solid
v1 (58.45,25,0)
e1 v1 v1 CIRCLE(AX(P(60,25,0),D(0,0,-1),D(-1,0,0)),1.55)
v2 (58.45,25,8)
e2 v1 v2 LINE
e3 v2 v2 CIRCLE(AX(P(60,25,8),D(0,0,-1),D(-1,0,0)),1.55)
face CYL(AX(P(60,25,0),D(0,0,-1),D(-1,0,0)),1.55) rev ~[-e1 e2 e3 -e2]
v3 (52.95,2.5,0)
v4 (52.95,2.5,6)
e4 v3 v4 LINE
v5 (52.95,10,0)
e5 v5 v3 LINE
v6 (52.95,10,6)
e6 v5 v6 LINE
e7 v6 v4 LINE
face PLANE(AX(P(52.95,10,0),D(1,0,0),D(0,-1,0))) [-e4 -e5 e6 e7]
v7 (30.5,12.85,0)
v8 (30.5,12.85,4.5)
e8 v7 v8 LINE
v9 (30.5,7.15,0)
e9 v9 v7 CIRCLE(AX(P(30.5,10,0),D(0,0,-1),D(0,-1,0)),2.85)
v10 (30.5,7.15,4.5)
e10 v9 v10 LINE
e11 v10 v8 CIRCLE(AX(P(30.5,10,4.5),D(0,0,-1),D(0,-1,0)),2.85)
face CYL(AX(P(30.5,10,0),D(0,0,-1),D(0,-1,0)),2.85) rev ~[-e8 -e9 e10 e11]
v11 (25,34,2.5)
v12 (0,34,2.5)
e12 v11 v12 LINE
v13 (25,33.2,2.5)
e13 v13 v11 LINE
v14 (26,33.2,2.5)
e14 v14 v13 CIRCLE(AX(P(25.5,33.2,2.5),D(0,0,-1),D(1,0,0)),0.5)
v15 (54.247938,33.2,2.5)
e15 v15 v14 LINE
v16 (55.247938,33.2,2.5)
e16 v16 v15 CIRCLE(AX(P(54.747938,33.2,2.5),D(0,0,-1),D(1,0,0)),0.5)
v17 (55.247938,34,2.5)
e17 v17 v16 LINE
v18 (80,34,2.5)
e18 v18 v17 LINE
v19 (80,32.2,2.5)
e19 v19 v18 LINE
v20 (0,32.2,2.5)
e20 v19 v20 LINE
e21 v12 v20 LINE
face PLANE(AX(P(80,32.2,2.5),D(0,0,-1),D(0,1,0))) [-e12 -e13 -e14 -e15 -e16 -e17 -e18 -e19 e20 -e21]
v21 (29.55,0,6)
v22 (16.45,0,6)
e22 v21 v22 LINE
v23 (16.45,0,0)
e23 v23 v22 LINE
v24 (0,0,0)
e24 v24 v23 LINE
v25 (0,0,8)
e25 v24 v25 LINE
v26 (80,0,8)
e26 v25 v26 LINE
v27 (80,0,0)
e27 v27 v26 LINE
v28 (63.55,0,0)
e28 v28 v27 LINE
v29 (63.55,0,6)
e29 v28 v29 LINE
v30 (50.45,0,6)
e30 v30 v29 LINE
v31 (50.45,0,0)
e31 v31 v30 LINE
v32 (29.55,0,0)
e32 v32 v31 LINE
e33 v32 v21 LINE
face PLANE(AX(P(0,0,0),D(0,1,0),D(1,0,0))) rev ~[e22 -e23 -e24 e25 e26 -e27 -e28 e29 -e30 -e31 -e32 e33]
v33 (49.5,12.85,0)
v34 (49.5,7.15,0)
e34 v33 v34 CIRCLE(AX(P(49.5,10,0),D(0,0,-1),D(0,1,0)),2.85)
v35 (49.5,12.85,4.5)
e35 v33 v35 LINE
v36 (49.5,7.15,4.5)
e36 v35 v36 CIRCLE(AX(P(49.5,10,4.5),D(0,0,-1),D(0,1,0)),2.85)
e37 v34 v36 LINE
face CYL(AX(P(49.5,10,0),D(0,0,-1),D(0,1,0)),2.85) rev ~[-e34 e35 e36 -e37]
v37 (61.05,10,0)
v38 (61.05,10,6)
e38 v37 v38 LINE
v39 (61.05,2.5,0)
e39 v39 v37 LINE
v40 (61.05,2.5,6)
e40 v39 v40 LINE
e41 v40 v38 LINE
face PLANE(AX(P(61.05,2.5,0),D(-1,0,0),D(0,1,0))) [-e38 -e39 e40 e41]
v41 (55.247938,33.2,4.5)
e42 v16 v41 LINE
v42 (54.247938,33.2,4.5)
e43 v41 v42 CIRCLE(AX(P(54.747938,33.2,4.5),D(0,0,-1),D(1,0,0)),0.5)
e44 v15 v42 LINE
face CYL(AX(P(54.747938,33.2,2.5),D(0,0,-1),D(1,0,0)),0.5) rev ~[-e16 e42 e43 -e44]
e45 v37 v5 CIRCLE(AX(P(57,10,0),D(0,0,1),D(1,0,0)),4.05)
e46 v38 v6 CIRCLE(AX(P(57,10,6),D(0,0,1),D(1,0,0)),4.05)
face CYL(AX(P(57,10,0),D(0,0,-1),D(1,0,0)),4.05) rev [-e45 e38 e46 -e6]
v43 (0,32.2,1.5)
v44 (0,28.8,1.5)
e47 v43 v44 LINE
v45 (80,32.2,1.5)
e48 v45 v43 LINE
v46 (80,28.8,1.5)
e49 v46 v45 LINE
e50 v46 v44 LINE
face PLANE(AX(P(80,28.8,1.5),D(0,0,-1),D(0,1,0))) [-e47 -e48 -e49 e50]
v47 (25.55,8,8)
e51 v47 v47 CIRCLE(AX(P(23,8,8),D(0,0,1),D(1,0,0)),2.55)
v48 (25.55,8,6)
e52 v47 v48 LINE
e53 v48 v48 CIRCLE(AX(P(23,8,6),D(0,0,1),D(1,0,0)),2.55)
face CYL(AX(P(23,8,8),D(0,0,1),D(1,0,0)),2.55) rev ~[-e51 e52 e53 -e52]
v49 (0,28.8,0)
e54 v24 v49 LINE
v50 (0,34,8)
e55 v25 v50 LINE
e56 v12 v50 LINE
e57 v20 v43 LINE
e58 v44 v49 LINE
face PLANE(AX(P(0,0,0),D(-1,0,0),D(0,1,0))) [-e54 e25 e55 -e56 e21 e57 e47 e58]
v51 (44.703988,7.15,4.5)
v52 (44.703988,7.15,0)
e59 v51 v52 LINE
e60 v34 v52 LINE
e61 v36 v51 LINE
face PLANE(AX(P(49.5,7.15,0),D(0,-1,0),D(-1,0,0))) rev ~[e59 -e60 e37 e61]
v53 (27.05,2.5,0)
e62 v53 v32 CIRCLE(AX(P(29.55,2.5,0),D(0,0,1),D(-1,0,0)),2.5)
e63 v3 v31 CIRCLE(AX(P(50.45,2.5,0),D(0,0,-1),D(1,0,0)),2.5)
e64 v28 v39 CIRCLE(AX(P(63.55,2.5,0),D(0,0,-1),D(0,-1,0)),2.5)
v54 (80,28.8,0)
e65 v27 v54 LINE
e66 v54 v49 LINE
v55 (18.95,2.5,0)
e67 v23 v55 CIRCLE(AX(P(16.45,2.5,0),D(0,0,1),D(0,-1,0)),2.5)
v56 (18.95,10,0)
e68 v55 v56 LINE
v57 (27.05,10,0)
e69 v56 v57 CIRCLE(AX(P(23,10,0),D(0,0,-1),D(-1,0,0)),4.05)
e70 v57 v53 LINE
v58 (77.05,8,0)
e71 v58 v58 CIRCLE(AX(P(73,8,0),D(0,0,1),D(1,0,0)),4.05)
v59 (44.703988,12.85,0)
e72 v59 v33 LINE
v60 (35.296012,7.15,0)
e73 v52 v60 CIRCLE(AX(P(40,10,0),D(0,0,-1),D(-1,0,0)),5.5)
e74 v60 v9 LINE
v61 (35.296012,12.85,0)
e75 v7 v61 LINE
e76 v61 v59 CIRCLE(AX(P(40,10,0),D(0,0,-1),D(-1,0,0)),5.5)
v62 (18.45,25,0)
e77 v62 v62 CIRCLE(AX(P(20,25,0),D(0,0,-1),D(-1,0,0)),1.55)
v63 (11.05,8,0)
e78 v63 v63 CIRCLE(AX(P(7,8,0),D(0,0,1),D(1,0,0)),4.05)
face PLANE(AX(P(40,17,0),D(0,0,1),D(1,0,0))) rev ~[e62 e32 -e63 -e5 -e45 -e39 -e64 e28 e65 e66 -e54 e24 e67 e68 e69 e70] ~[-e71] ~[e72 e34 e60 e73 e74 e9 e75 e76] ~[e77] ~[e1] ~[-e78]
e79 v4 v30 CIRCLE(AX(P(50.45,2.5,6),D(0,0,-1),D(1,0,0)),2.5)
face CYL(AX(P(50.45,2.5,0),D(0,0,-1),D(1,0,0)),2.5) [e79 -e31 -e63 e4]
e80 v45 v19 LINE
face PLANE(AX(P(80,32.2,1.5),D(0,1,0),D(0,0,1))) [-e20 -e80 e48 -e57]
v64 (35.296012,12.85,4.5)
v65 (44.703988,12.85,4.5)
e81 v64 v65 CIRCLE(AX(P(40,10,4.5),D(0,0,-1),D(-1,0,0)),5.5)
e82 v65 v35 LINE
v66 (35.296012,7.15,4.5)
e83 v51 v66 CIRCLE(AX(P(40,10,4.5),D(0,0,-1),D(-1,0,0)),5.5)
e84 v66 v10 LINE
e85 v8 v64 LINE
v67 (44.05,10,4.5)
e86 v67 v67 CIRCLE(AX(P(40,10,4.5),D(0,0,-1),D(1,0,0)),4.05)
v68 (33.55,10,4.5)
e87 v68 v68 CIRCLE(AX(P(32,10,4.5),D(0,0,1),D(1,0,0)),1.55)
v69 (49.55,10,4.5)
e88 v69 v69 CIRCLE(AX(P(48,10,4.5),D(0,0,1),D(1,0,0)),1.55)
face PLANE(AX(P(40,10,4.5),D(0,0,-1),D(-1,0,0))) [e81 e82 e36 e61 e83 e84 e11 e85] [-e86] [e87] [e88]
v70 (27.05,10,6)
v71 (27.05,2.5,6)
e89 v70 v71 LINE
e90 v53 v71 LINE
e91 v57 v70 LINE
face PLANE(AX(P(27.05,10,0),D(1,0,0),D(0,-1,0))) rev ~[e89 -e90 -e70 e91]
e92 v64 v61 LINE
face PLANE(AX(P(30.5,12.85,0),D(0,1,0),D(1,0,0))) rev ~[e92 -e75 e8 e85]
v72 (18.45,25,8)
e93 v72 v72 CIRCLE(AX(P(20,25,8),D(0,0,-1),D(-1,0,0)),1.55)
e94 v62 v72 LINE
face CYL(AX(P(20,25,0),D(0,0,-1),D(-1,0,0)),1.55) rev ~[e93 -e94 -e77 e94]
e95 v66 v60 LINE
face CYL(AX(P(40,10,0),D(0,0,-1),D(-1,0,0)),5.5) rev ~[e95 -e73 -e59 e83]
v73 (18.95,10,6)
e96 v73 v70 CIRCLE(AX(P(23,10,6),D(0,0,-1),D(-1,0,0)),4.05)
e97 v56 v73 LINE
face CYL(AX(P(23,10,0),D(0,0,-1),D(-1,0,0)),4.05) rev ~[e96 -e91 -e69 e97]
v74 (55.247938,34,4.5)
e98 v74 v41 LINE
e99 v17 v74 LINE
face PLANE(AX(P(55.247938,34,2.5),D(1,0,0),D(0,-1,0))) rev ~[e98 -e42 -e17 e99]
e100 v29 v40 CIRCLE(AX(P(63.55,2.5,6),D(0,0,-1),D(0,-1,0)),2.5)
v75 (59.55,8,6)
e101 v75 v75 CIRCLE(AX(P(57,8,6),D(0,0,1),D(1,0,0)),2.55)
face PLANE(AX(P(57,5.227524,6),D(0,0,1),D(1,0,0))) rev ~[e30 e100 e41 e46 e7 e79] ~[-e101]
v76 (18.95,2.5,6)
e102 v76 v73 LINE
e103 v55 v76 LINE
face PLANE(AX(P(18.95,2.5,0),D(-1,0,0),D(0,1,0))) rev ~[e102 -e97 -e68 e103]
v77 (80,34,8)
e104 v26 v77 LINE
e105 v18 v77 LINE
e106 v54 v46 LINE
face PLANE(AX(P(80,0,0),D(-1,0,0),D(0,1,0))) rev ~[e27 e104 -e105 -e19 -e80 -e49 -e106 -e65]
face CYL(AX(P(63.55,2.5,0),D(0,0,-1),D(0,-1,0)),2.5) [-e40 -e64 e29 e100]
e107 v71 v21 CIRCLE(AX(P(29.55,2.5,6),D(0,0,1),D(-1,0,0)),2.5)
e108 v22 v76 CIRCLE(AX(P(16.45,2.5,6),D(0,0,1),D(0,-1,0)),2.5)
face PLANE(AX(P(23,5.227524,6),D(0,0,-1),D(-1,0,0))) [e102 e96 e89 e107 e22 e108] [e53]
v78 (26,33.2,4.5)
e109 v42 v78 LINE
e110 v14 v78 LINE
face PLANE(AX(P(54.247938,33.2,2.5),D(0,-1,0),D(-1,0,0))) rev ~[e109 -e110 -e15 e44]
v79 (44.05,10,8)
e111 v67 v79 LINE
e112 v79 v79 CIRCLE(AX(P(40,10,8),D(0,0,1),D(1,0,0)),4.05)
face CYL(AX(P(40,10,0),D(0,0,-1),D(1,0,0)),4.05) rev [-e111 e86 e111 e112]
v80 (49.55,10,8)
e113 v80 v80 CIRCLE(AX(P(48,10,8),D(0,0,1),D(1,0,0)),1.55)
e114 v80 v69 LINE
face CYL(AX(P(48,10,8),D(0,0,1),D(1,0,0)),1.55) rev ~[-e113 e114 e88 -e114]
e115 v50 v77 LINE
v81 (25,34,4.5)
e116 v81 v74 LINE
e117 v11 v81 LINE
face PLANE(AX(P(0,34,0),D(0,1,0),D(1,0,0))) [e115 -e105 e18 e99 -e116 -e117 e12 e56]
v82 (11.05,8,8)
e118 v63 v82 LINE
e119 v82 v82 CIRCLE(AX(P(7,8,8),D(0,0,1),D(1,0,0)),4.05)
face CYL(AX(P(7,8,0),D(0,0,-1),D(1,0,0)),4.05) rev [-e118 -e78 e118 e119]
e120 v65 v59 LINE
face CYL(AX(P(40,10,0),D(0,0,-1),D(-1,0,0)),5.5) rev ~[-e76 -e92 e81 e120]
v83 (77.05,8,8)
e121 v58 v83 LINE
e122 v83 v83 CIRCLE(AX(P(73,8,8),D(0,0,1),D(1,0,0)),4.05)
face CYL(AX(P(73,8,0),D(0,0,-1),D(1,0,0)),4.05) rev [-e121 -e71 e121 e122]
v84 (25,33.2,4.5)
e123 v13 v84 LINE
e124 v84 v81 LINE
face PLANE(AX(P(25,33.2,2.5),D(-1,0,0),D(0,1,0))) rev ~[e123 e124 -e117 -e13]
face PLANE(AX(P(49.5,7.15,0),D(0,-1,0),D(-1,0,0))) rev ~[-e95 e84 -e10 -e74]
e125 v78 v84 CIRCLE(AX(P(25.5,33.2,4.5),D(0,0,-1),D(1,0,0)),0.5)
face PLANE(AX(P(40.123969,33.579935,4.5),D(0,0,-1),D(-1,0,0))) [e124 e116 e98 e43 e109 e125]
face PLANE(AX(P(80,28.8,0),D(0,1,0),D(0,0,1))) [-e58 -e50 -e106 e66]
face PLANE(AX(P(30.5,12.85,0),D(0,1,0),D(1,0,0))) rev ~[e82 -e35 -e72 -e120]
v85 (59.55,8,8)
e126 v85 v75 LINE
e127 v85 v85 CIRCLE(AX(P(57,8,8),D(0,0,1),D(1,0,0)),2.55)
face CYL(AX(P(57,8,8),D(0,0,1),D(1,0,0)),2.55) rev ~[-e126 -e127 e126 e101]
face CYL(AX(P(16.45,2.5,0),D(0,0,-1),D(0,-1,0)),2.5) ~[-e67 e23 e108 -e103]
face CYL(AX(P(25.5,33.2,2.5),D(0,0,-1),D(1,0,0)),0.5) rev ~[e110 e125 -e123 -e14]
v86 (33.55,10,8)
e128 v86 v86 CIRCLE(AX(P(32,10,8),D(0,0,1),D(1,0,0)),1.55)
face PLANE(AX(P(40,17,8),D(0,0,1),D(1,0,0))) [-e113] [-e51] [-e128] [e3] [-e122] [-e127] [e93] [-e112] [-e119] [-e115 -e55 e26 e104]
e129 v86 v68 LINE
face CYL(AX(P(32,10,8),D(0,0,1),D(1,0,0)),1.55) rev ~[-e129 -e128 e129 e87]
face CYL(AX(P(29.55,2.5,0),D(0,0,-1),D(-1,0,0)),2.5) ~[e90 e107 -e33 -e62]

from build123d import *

# Parameters (mm, degrees)
SKETCH_2_W           = 80
SKETCH_2_H           = 34
SKETCH_2_R           = 4.05
EXTRUDE_1_DEPTH      = 8
SKETCH_3_R           = 2.55
CUT_EXTRUDE_1_DEPTH  = 88.292611371
CUT_EXTRUDE_2_DEPTH  = 88.292611371
SKETCH_5_R           = 1.55
CUT_EXTRUDE_3_DEPTH  = 88.292611371
CUT_EXTRUDE_4_DEPTH  = 6
CUT_EXTRUDE_5_DEPTH  = 4.5
SKETCH_20_R          = 5.5
CUT_EXTRUDE_12_DEPTH = 4.5
SKETCH_11_R          = 1.55
CUT_EXTRUDE_7_DEPTH  = 88.292611371
CUT_EXTRUDE_11_DEPTH = 2


with BuildPart() as part:
    # 草图2 → 凸台-拉伸1 (new body)
    with BuildSketch(Plane.XY):
        with Locations((40, 17)):
            Rectangle(SKETCH_2_W, SKETCH_2_H)
        with Locations((7, 8)):
            Circle(SKETCH_2_R, mode=Mode.SUBTRACT)
        with Locations((40, 10)):
            Circle(SKETCH_2_R, mode=Mode.SUBTRACT)
        with Locations((73, 8)):
            Circle(SKETCH_2_R, mode=Mode.SUBTRACT)
    extrude(amount=EXTRUDE_1_DEPTH)

    # 草图3 → 切除-拉伸1 (cut, through all)
    with BuildSketch(Plane.XY.offset(8)):
        with Locations((23, 8)):
            Circle(SKETCH_3_R)
        with Locations((57, 8)):
            Circle(SKETCH_3_R)
    extrude(amount=-CUT_EXTRUDE_1_DEPTH, mode=Mode.SUBTRACT)

    # 草图4 → 切除-拉伸2 (cut, through all)
    with BuildSketch(Plane(origin=(80, 0, 0), x_dir=(0, 0, -1), z_dir=(1, 0, 0))):
        Polygon((-1.5, 32.2), (-2.5, 32.2), (-2.5, 34), (0, 34), (0, 28.8), (-1.5, 28.8), align=None)
    extrude(amount=-CUT_EXTRUDE_2_DEPTH, mode=Mode.SUBTRACT)

    # 草图5 → 切除-拉伸3 (cut, through all)
    with BuildSketch(Plane.XY.offset(8)):
        with Locations((48, 10)):
            Circle(SKETCH_5_R)
        with Locations((32, 10)):
            Circle(SKETCH_5_R)
    extrude(amount=-CUT_EXTRUDE_3_DEPTH, mode=Mode.SUBTRACT)

    # 草图7 → 切除-拉伸4 (cut)
    with BuildSketch(Plane(origin=(0, 0, 0), x_dir=(-1, 0, 0), z_dir=(0, 0, -1))):
        with BuildLine():
            Line((-27.05, 10), (-27.05, 2.5))
            ThreePointArc((-27.05, 2.5), (-27.782233047, 0.732233047), (-29.55, 0))
            Line((-29.55, 0), (-16.45, 0))
            ThreePointArc((-16.45, 0), (-18.217766953, 0.732233047), (-18.95, 2.5))
            Line((-18.95, 2.5), (-18.95, 10))
            ThreePointArc((-18.95, 10), (-23, 14.05), (-27.05, 10))
        make_face()
        with BuildLine():
            Line((-61.05, 2.5), (-61.05, 10))
            ThreePointArc((-61.05, 10), (-57, 14.05), (-52.95, 10))
            Line((-52.95, 10), (-52.95, 2.5))
            ThreePointArc((-52.95, 2.5), (-52.217766953, 0.732233047), (-50.45, 0))
            Line((-50.45, 0), (-63.55, 0))
            ThreePointArc((-63.55, 0), (-61.782233047, 0.732233047), (-61.05, 2.5))
        make_face()
    extrude(amount=-CUT_EXTRUDE_4_DEPTH, mode=Mode.SUBTRACT)

    # 草图8 → 切除-拉伸5 (cut)
    with BuildSketch(Plane(origin=(0, 0, 0), x_dir=(-1, 0, 0), z_dir=(0, 0, -1))):
        with BuildLine():
            Line((-30.5, 12.85), (-49.5, 12.85))
            ThreePointArc((-49.5, 12.85), (-52.35, 10), (-49.5, 7.15))
            Line((-49.5, 7.15), (-30.5, 7.15))
            ThreePointArc((-30.5, 7.15), (-27.65, 10), (-30.5, 12.85))
        make_face()
    extrude(amount=-CUT_EXTRUDE_5_DEPTH, mode=Mode.SUBTRACT)

    # 草图20 → 切除-拉伸12 (cut)
    with BuildSketch(Plane(origin=(0, 0, 0), x_dir=(-1, 0, 0), z_dir=(0, 0, -1))):
        with Locations((-40, 10)):
            Circle(SKETCH_20_R)
    extrude(amount=-CUT_EXTRUDE_12_DEPTH, mode=Mode.SUBTRACT)

    # 草图11 → 切除-拉伸7 (cut, through all)
    with BuildSketch(Plane(origin=(0, 0, 0), x_dir=(-1, 0, 0), z_dir=(0, 0, -1))):
        with Locations((-60, 25)):
            Circle(SKETCH_11_R)
        with Locations((-20, 25)):
            Circle(SKETCH_11_R)
    extrude(amount=-CUT_EXTRUDE_7_DEPTH, mode=Mode.SUBTRACT)

    # 草图19 → 切除-拉伸11 (cut)
    with BuildSketch(Plane(origin=(0, 0, 2.5), x_dir=(-1, 0, 0), z_dir=(0, 0, -1))):
        with BuildLine():
            Line((-25, 34), (-55.247938178, 34))
            Line((-55.247938178, 34), (-55.247938178, 33.2))
            ThreePointArc((-55.247938178, 33.2), (-54.747938178, 32.7), (-54.247938178, 33.2))
            Line((-54.247938178, 33.2), (-26, 33.2))
            ThreePointArc((-26, 33.2), (-25.5, 32.7), (-25, 33.2))
            Line((-25, 33.2), (-25, 34))
        make_face()
    extrude(amount=-CUT_EXTRUDE_11_DEPTH, mode=Mode.SUBTRACT)


solid = part.part
